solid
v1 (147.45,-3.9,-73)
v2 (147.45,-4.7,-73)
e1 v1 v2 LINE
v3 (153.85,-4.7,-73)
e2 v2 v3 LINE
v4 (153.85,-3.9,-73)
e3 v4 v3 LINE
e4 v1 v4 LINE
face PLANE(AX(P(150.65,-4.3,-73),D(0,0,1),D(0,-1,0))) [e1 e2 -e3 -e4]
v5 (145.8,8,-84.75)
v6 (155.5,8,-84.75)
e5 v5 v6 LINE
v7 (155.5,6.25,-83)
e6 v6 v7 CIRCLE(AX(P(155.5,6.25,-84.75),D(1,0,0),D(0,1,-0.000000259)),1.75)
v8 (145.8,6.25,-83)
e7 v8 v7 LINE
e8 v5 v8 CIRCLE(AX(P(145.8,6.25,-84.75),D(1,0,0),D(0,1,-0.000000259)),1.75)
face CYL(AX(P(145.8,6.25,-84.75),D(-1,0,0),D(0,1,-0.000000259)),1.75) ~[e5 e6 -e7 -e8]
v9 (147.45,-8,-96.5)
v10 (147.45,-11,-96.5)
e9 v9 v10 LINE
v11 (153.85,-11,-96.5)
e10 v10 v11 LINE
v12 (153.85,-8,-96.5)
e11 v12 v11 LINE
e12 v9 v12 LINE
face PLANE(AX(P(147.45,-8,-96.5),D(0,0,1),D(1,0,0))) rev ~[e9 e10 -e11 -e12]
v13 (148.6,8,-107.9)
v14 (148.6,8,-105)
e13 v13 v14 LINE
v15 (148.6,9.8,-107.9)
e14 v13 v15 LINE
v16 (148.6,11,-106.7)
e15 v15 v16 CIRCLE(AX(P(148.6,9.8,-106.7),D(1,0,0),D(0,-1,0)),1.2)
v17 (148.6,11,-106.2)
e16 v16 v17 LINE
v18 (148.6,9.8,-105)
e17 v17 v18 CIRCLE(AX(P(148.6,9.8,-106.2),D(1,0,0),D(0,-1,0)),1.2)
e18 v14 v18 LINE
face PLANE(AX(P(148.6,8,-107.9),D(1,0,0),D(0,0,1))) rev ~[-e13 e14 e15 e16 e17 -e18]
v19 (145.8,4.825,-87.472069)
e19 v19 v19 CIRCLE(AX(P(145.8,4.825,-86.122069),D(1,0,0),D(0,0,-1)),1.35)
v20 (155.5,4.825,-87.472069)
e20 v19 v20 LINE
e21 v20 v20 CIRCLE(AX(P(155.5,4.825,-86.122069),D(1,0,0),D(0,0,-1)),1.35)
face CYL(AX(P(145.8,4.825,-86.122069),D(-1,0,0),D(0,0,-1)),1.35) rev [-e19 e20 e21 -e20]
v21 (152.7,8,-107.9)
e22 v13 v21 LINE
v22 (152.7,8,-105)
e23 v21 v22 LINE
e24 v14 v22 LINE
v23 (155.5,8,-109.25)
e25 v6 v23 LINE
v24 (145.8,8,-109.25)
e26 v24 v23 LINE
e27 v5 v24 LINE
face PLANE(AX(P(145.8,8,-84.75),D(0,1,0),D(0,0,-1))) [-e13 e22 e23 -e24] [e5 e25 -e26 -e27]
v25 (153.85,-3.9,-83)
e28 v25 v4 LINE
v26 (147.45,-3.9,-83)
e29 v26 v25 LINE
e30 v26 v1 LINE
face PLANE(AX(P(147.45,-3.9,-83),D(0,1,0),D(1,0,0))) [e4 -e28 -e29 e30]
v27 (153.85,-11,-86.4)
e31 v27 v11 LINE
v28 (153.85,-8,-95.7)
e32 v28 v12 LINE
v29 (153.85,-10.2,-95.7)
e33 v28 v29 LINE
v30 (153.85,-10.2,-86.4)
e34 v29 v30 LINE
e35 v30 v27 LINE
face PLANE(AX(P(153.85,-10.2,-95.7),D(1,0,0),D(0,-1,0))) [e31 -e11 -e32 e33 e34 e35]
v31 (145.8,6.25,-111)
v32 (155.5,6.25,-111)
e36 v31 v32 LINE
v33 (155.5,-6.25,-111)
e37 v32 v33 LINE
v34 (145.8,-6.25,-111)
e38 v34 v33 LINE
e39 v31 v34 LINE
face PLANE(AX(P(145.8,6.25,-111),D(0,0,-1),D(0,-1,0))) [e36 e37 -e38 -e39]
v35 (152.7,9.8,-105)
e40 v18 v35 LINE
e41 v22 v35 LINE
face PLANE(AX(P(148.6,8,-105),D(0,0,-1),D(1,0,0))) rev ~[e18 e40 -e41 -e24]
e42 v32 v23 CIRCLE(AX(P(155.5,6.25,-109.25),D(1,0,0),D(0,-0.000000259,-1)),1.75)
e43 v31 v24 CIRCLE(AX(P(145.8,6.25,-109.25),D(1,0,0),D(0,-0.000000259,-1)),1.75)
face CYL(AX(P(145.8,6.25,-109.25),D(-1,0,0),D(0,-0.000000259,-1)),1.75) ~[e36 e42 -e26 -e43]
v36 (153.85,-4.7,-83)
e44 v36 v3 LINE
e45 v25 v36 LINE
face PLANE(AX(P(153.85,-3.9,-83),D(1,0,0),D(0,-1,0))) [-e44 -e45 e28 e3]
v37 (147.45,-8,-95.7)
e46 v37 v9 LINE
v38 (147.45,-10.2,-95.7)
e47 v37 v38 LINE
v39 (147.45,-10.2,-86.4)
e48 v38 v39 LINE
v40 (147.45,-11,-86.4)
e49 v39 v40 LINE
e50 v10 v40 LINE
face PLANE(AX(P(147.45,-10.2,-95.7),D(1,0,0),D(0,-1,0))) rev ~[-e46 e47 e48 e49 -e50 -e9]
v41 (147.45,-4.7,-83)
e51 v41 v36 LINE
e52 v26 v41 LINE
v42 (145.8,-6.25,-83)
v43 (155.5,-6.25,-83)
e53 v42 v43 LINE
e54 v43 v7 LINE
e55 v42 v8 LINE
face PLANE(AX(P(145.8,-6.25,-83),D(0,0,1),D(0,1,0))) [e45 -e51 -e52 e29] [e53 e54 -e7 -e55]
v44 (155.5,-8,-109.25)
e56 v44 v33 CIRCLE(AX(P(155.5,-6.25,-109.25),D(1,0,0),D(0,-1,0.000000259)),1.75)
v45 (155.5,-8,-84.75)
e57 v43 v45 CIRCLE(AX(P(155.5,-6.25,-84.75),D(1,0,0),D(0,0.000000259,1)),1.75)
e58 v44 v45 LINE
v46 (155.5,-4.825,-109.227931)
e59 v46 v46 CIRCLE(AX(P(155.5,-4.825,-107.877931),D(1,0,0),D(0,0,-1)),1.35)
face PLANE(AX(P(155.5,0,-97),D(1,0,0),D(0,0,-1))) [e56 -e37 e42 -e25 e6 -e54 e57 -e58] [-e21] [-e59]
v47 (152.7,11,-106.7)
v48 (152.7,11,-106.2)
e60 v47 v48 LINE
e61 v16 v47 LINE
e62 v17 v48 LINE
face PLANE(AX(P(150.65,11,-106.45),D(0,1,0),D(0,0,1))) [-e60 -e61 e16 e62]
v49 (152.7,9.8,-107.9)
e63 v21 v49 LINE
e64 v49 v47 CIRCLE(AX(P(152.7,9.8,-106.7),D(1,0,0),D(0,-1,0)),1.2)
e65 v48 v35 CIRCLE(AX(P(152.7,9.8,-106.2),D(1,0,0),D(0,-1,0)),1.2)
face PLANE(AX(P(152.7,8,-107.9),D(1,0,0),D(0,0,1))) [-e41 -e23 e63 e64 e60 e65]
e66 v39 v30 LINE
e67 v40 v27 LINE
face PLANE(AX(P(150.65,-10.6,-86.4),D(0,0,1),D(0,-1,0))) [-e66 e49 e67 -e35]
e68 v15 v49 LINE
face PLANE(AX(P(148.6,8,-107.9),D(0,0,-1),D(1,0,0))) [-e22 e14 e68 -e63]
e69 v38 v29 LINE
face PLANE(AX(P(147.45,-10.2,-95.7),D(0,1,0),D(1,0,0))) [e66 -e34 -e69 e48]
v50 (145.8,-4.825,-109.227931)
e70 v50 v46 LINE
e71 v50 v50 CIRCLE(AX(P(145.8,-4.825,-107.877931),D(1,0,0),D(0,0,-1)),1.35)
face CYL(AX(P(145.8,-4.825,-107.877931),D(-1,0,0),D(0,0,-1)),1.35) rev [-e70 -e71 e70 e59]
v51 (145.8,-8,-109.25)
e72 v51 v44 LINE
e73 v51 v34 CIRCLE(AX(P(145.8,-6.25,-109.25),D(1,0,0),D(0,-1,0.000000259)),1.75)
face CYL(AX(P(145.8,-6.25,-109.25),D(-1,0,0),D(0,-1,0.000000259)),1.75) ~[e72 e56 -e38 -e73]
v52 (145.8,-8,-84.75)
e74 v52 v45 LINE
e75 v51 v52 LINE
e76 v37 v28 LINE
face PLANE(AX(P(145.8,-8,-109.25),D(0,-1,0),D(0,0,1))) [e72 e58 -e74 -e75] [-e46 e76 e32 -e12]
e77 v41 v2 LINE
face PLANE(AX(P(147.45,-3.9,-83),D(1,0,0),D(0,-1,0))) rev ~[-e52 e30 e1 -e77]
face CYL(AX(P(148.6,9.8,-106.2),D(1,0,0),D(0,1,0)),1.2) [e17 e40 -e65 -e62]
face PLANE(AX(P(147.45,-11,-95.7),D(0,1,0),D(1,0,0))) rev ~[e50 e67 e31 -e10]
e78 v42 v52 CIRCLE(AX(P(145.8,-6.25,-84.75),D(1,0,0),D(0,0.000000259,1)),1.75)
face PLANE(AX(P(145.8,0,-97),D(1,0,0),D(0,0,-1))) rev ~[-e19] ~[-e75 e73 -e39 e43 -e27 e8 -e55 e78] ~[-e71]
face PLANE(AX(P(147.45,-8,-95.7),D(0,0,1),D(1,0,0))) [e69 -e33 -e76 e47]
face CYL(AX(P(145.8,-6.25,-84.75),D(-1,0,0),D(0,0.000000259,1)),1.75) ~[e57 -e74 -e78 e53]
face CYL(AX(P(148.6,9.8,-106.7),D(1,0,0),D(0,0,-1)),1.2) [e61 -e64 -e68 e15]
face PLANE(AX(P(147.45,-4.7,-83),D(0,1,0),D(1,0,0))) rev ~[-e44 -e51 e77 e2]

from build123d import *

# Parameters (mm, degrees)
SKETCH041_R             = 1.35
PAD041_DEPTH            = 9.7
SKETCH042_W             = 2.9
SKETCH042_H             = 4.1
PAD042_DEPTH            = 3
SKETCH043_W             = 0.8
SKETCH043_H             = 6.4
PAD043_DEPTH            = 10
SKETCH044_W             = 0.8
SKETCH044_H             = 6.4
PAD044_DEPTH            = 3
SKETCH045_W             = 0.8
SKETCH045_H             = 6.4
PAD045_DEPTH            = 9.3
FILLET005_R             = 1.2
BODY009_PLACEMENT_ANGLE = 90


with BuildPart() as part:
    # Sketch041 → Pad041 (new body)
    with BuildSketch(Plane.XY):
        with BuildLine():
            ThreePointArc((-12.25, 8), (-13.487437, 7.487437), (-14, 6.25))
            Line((-14, -6.25), (-14, 6.25))
            ThreePointArc((-14, -6.25), (-13.487437, -7.487437), (-12.25, -8))
            Line((12.25, -8), (-12.25, -8))
            ThreePointArc((12.25, -8), (13.487437, -7.487437), (14, -6.25))
            Line((14, 6.25), (14, -6.25))
            ThreePointArc((14, 6.25), (13.487437, 7.487437), (12.25, 8))
            Line((-12.25, 8), (12.25, 8))
        make_face()
        with Locations((10.877931, -4.825)):
            Circle(SKETCH041_R, mode=Mode.SUBTRACT)
        with Locations((-10.877931, 4.825)):
            Circle(SKETCH041_R, mode=Mode.SUBTRACT)
    extrude(amount=PAD041_DEPTH)

    # Sketch042 (on Face8 of Pad041) → Pad042 (join)
    with BuildSketch(Plane(origin=(0, 8, 0), x_dir=(-1, 0, 0), z_dir=(0, 1, 0))):
        with Locations((-9.45, 4.85)):
            Rectangle(SKETCH042_W, SKETCH042_H)
    extrude(amount=PAD042_DEPTH)

    # Sketch043 (on Face3 of Pad042) → Pad043 (join)
    with BuildSketch(Plane(origin=(-14, 0, 0), x_dir=(0, -1, 0), z_dir=(-1, 0, 0))):
        with Locations((4.3, 4.85)):
            Rectangle(SKETCH043_W, SKETCH043_H)
    extrude(amount=PAD043_DEPTH)

    # Sketch044 (on Face16 of Pad043) → Pad044 (join)
    with BuildSketch(Plane.XZ.offset(8)):
        with Locations((-0.9, 4.85)):
            Rectangle(SKETCH044_W, SKETCH044_H)
    extrude(amount=PAD044_DEPTH)

    # Sketch045 (on Face23 of Pad044) → Pad045 (join)
    with BuildSketch(Plane(origin=(-1.3, 0, 0), x_dir=(0, -1, 0), z_dir=(-1, 0, 0))):
        with Locations((10.6, 4.85)):
            Rectangle(SKETCH045_W, SKETCH045_H)
    extrude(amount=PAD045_DEPTH)

    # Fillet005
    fillet005_edges = [part.edges().sort_by_distance(p)[0] for p in [
        (10.9, 11, 4.85),
        (8, 11, 4.85),
    ]]
    fillet(fillet005_edges, radius=FILLET005_R)


with BuildPart() as part_1:
    # Body009 placement: moved
    add(part.part.moved(Location((145.8, 0, -97))).rotate(Axis((145.8, 0, -97), (0, 1, 0)), BODY009_PLACEMENT_ANGLE))


solid = part_1.part
